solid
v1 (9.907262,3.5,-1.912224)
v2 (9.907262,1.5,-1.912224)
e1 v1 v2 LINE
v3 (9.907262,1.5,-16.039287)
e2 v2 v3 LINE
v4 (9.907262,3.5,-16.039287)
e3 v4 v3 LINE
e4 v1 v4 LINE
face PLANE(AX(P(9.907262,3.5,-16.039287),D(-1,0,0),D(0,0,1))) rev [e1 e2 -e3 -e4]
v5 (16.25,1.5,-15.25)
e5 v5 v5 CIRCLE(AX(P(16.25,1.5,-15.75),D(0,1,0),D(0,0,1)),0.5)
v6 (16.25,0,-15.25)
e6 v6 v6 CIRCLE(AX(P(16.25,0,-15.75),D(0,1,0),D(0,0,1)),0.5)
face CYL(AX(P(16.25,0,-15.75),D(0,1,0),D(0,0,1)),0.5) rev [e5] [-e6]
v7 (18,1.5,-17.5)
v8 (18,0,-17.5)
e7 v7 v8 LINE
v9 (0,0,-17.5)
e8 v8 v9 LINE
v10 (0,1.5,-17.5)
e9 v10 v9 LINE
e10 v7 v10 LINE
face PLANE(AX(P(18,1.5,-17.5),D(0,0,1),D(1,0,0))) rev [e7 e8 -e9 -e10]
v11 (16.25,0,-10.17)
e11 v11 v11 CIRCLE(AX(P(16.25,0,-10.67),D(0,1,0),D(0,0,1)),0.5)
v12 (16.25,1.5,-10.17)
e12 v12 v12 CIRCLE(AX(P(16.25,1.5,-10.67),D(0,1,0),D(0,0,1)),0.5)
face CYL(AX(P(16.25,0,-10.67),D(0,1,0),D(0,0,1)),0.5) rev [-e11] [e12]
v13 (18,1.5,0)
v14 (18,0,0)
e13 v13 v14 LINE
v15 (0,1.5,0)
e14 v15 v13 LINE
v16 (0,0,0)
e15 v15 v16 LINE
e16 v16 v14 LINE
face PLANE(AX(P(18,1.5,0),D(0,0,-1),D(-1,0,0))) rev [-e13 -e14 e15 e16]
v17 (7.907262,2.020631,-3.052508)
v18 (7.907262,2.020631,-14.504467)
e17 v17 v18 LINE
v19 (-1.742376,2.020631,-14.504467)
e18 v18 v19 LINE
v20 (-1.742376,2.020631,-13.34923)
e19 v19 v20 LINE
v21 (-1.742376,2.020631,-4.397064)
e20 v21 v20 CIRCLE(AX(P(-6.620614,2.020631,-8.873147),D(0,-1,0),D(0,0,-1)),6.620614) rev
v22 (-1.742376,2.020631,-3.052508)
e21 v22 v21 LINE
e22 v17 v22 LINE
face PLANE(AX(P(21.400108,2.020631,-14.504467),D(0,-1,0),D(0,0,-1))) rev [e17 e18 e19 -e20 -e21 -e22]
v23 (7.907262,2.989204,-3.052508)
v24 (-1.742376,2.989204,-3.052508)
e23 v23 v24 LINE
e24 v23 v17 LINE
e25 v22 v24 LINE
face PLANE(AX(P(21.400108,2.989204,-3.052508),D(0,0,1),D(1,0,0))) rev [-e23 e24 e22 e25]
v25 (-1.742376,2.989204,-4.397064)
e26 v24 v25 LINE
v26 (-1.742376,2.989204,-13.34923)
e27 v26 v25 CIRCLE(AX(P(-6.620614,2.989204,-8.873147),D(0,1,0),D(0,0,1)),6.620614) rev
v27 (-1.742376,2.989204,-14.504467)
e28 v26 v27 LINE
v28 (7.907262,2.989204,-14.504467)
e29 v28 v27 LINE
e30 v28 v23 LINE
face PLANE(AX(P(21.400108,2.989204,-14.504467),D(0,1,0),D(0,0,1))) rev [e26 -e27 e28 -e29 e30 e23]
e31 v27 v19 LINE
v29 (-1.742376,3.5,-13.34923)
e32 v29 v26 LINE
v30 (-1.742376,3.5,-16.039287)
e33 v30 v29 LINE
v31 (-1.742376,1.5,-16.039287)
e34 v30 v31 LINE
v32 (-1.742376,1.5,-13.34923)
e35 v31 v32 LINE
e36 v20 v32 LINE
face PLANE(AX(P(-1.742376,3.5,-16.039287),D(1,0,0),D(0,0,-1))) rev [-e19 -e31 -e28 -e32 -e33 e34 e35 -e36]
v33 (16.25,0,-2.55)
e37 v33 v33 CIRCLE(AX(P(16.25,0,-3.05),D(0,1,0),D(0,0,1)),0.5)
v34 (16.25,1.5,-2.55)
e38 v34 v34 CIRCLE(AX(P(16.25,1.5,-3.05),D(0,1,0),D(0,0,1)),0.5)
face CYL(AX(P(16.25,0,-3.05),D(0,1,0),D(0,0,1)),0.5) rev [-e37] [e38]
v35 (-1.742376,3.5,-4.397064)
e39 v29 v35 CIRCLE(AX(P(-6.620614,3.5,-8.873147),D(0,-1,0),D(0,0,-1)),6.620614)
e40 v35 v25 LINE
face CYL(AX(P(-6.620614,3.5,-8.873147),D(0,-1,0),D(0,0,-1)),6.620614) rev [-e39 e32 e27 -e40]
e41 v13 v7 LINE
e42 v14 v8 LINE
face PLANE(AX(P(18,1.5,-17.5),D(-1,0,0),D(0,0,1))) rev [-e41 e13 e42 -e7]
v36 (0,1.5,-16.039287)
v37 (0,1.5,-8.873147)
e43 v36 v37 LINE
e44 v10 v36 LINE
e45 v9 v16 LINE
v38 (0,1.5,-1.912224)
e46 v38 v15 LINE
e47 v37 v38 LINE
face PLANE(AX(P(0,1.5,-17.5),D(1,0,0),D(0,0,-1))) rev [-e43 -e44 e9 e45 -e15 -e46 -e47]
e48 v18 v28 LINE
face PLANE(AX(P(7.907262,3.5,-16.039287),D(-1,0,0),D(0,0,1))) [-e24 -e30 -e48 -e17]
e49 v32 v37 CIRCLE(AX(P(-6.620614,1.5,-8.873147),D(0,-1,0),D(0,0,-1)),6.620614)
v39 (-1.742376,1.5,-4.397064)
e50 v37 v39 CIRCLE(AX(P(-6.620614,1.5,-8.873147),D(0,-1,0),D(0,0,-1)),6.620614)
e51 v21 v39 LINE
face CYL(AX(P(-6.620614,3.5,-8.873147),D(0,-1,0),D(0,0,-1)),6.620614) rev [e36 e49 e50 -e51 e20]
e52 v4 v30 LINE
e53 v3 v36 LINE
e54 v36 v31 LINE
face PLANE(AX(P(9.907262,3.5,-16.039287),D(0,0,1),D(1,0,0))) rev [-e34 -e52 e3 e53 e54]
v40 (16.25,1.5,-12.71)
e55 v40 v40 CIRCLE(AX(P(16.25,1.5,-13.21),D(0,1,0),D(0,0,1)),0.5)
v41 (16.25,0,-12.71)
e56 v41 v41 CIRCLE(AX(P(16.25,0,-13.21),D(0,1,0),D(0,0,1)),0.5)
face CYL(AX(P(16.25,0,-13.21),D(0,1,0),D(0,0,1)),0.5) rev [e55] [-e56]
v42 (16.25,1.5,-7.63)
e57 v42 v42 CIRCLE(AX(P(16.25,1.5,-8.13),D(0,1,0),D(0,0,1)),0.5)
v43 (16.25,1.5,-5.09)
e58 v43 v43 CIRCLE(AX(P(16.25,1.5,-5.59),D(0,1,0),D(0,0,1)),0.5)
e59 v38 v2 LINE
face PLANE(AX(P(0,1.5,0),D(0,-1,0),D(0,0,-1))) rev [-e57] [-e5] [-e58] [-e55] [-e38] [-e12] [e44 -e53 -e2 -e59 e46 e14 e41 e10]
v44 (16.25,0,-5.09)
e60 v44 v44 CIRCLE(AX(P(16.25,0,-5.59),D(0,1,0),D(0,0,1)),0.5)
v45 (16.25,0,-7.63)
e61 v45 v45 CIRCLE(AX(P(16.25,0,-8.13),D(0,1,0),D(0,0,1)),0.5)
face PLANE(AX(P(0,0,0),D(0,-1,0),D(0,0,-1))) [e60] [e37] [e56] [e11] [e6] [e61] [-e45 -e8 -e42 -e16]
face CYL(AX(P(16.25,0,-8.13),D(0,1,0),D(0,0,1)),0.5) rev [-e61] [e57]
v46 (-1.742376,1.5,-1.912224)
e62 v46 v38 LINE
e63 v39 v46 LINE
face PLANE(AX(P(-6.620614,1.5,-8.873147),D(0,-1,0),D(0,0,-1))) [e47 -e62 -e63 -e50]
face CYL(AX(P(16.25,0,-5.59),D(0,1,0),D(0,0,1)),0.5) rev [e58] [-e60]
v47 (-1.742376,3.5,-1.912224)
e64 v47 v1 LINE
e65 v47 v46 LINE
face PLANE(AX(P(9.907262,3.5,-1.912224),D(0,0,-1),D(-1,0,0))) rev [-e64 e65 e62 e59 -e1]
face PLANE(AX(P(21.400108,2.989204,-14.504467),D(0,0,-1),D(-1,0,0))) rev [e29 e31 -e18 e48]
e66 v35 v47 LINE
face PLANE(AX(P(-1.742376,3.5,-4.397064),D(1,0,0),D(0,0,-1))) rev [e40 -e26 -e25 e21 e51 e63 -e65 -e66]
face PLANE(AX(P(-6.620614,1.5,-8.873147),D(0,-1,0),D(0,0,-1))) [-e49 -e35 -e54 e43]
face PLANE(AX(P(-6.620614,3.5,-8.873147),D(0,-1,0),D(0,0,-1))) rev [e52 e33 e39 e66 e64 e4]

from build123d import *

# Parameters (mm, degrees)
SKETCH1_W           = 18
SKETCH1_H           = 17.5
BOSS_EXTRUDE1_DEPTH = 1.5
BOSS_EXTRUDE2_DEPTH = 2
SKETCH3_R           = 0.5
CUT_EXTRUDE1_DEPTH  = 2.5
SKETCH4_W           = 11.451958773
SKETCH4_H           = 0.968573627
CUT_EXTRUDE2_DEPTH  = 9.649638


with BuildPart() as part:
    # Sketch1 → Boss-Extrude1 (new body)
    with BuildSketch(Plane(origin=(0, 0, 0), x_dir=(1, 0, 0), z_dir=(0, 1, 0))):
        with Locations((9, 8.75)):
            Rectangle(SKETCH1_W, SKETCH1_H)
    extrude(amount=BOSS_EXTRUDE1_DEPTH)

    # Sketch2 → Boss-Extrude2 (add)
    with BuildSketch(Plane(origin=(0, 1.5, 0), x_dir=(1, 0, 0), z_dir=(0, 1, 0))):
        with BuildLine():
            Line((-1.742375604, 4.397064227), (-1.742375604, 1.912224032))
            Line((-1.742375604, 1.912224032), (9.907262148, 1.912224032))
            Line((9.907262148, 1.912224032), (9.907262148, 16.039286602))
            Line((9.907262148, 16.039286602), (-1.742375604, 16.039286602))
            Line((-1.742375604, 16.039286602), (-1.742375604, 13.34923012))
            ThreePointArc((-1.742375604, 13.34923012), (0, 8.873147173), (-1.742375604, 4.397064227))
        make_face()
    extrude(amount=BOSS_EXTRUDE2_DEPTH)

    # Sketch3 → Cut-Extrude1 (cut, through all)
    with BuildSketch(Plane(origin=(0, 1.5, 0), x_dir=(1, 0, 0), z_dir=(0, 1, 0))):
        with Locations((16.25, 15.75)):
            Circle(SKETCH3_R)
        with Locations((16.25, 13.21)):
            Circle(SKETCH3_R)
        with Locations((16.25, 10.67)):
            Circle(SKETCH3_R)
        with Locations((16.25, 8.13)):
            Circle(SKETCH3_R)
        with Locations((16.25, 5.59)):
            Circle(SKETCH3_R)
        with Locations((16.25, 3.05)):
            Circle(SKETCH3_R)
    extrude(amount=-CUT_EXTRUDE1_DEPTH, mode=Mode.SUBTRACT)

    # Sketch4 → Cut-Extrude2 (cut)
    with BuildSketch(Plane.ZY.offset(1.742375604)):
        with Locations((-8.77848746, 2.504917681)):
            Rectangle(SKETCH4_W, SKETCH4_H)
    extrude(amount=-CUT_EXTRUDE2_DEPTH, mode=Mode.SUBTRACT)


solid = part.part
